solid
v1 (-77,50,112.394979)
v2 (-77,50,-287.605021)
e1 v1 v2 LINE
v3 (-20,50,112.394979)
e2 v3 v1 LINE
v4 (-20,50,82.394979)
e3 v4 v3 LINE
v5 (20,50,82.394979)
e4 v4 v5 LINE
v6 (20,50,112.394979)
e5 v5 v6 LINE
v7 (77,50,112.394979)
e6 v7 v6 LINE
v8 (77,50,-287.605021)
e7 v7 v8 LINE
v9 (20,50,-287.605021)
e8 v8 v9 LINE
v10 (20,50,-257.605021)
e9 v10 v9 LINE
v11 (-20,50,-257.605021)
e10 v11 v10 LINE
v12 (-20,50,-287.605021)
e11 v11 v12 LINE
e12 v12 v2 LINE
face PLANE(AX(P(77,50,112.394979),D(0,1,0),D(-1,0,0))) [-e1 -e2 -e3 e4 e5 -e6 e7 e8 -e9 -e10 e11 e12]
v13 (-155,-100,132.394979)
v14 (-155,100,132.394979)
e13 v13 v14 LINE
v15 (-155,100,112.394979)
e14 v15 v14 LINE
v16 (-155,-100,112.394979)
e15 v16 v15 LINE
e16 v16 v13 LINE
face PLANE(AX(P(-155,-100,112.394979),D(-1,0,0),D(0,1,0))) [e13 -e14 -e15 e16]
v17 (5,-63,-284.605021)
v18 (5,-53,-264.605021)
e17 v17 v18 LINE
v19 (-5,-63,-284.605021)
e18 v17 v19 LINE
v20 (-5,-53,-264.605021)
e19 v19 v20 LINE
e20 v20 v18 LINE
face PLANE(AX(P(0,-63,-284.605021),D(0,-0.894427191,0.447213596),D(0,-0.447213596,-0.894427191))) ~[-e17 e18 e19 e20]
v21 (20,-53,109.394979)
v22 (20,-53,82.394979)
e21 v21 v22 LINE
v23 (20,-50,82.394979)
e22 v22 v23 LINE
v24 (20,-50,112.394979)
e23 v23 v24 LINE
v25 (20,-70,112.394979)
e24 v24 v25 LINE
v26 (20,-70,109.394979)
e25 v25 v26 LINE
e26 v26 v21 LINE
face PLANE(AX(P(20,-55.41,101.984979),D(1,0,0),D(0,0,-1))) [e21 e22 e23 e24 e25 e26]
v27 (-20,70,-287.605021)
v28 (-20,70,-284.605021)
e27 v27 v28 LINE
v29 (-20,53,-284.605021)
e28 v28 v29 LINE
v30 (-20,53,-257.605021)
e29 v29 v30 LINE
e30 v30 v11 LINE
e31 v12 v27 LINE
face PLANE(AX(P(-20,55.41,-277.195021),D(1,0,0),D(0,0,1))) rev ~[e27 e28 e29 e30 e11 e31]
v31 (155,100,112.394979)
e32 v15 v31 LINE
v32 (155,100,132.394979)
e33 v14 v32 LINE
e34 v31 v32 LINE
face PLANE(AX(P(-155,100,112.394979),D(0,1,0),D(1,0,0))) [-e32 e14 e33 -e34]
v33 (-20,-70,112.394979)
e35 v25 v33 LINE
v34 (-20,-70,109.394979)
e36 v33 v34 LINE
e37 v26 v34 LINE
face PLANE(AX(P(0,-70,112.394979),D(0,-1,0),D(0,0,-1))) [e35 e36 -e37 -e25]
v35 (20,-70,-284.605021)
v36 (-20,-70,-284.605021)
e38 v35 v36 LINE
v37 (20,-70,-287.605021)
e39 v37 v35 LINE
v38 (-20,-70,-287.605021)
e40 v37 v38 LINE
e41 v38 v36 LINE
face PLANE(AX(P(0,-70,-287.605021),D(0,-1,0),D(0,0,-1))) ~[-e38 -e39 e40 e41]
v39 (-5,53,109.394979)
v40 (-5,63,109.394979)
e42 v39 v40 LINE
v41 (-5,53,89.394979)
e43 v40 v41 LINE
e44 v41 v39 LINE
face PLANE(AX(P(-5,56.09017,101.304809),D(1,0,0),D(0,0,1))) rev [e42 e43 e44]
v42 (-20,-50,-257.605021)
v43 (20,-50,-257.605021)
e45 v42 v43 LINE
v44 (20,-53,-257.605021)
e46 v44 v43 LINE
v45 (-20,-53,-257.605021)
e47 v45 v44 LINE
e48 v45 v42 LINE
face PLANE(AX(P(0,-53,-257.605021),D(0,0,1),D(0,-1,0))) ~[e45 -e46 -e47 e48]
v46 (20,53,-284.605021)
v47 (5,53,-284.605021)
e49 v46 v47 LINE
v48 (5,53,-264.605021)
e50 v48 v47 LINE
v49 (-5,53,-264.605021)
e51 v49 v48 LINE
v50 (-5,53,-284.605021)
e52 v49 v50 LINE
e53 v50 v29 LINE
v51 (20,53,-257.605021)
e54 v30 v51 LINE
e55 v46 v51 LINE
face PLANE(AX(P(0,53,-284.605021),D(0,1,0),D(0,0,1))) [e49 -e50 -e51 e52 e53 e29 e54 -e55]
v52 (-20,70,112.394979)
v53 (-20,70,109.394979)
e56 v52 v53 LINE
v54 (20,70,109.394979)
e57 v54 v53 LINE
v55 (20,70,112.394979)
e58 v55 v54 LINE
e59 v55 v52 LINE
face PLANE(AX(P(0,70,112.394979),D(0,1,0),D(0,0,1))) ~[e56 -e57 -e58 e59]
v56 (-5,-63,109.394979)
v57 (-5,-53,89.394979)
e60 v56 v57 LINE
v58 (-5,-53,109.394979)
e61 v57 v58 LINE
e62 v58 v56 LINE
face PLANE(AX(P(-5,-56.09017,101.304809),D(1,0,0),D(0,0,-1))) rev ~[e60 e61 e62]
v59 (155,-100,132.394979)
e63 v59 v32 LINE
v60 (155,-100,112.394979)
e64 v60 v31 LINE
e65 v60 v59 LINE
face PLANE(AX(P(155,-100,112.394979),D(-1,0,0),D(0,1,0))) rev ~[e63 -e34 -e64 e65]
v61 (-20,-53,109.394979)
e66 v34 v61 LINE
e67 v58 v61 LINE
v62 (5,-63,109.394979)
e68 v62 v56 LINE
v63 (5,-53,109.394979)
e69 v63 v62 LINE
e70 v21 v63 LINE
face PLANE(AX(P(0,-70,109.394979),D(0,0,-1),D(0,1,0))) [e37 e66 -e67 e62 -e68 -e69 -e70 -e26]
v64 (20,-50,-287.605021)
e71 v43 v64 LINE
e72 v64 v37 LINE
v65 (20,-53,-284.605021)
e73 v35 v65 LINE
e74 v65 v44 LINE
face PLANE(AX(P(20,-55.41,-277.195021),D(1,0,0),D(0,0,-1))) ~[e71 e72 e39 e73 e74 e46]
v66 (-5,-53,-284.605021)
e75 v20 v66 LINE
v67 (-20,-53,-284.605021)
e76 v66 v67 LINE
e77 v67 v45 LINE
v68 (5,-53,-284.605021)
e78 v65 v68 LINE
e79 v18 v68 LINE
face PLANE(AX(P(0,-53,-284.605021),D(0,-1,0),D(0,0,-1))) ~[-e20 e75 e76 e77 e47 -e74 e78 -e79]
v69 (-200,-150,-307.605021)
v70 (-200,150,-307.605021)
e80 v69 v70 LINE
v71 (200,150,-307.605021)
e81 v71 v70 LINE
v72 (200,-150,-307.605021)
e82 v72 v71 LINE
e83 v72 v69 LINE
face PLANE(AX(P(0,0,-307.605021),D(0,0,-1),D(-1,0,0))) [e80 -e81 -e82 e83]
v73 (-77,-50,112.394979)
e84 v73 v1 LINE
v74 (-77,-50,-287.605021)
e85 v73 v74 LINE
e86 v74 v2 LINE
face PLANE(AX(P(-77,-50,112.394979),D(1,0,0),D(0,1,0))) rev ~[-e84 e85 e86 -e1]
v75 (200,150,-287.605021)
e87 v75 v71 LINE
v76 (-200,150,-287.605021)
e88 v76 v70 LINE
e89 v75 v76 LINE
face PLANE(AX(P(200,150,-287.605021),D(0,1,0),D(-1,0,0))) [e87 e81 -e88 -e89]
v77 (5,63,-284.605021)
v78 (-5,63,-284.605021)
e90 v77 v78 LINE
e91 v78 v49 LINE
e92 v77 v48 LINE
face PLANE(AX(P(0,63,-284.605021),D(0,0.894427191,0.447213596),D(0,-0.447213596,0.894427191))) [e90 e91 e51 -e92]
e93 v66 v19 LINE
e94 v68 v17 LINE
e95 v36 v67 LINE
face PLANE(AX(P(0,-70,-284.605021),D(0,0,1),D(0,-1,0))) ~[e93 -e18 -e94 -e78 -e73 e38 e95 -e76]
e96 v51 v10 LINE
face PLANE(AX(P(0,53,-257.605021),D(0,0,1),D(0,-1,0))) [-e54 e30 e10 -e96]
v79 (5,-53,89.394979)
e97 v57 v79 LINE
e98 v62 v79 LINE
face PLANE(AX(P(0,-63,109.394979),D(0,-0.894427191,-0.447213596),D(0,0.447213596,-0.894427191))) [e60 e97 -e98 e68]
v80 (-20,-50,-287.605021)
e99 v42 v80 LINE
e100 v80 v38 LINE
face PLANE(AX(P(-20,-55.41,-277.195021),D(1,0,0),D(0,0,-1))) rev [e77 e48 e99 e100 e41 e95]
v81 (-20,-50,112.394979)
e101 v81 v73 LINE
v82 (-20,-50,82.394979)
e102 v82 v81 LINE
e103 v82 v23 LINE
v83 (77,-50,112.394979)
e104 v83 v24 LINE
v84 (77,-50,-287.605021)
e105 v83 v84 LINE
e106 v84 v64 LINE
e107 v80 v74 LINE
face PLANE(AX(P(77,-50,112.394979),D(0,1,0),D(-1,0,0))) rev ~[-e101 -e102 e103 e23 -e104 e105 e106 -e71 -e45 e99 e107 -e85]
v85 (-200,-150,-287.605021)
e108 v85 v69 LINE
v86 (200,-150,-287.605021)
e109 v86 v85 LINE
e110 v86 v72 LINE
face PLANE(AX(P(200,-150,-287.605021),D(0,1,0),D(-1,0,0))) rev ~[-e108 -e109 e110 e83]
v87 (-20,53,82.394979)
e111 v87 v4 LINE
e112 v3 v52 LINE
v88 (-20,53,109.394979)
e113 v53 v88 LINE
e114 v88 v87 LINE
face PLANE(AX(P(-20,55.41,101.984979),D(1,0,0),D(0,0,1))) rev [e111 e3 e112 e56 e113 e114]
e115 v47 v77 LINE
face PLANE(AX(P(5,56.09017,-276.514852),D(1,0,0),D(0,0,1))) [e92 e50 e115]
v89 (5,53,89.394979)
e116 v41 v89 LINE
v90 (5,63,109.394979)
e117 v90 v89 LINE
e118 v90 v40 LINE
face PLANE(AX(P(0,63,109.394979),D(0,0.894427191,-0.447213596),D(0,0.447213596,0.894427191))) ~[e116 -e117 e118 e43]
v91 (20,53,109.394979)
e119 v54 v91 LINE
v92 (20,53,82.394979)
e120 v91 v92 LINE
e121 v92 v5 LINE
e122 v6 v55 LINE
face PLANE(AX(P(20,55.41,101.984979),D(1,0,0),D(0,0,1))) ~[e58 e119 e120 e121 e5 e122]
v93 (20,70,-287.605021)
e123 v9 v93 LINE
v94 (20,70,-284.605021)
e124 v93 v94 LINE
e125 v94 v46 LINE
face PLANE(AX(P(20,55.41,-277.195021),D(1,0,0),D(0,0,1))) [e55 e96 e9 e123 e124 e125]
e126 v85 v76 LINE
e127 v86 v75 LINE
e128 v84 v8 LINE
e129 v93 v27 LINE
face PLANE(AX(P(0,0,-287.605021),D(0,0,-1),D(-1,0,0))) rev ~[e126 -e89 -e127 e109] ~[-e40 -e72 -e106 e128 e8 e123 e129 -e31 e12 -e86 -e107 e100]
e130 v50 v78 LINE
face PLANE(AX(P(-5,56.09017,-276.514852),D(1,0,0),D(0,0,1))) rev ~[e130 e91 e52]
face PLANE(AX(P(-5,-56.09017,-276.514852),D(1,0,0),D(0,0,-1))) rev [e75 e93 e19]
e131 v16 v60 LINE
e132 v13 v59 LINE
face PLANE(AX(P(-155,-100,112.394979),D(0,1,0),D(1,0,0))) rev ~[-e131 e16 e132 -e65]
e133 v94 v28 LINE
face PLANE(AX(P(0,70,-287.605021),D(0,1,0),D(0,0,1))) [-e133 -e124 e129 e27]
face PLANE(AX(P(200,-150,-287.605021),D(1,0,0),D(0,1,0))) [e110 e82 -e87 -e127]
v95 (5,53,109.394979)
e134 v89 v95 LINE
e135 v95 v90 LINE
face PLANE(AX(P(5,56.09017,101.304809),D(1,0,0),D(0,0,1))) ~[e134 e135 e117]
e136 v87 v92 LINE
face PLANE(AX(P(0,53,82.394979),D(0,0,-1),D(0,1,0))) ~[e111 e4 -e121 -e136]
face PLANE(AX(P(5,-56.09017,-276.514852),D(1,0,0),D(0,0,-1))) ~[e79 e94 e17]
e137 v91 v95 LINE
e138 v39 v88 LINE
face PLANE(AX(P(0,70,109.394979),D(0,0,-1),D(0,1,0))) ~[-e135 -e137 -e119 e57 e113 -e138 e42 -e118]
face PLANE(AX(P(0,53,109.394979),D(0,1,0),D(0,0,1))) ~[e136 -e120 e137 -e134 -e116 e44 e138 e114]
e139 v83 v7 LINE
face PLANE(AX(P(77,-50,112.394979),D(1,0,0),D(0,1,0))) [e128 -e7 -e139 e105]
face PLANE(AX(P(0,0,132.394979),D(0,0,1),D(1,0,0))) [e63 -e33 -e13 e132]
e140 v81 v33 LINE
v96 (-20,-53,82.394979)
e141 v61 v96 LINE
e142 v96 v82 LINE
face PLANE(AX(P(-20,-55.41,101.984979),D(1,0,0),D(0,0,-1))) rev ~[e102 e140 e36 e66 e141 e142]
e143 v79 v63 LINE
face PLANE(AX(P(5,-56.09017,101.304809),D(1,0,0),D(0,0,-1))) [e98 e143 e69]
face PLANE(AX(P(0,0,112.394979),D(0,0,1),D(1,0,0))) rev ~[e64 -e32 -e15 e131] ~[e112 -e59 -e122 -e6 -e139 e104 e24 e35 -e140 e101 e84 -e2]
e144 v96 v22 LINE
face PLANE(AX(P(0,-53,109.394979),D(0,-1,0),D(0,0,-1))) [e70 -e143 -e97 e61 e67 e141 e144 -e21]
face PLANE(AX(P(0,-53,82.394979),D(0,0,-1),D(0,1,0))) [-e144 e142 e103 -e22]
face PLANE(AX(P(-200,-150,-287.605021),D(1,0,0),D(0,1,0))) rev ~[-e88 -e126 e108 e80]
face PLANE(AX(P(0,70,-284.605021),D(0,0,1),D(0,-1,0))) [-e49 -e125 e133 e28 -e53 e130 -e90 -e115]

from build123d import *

# Parameters (mm, degrees)
SKETCH1_W            = 155
SKETCH1_H            = 100
BOSS_EXTRUDE1_DEPTH  = 10
SKETCH5_W            = 77
SKETCH5_H            = 50
BOSS_EXTRUDE5_DEPTH  = 200
SKETCH6_W            = 200
SKETCH6_H            = 150
BOSS_EXTRUDE12_DEPTH = 10
BOSS_EXTRUDE13_DEPTH = 10
BOSS_EXTRUDE14_DEPTH = 2.5
MIRROR2_COPY_1_DEPTH = 10
MIRROR2_COPY_2_DEPTH = 2.5
SCALE3_SCALE         = 2


with BuildPart() as part:
    # Sketch1 → Boss-Extrude1 (new body)
    with BuildSketch(Plane.XY):
        Rectangle(SKETCH1_W, SKETCH1_H)
    extrude(amount=BOSS_EXTRUDE1_DEPTH)

    # Sketch5 → Boss-Extrude5 (add)
    with BuildSketch(Plane(origin=(0, 0, 0), x_dir=(-1, 0, 0), z_dir=(0, 0, -1))):
        Rectangle(SKETCH5_W, SKETCH5_H)
    extrude(amount=BOSS_EXTRUDE5_DEPTH)

    # Sketch6 → Boss-Extrude12 (add)
    with BuildSketch(Plane(origin=(0, 0, -200), x_dir=(-1, 0, 0), z_dir=(0, 0, -1))):
        Rectangle(SKETCH6_W, SKETCH6_H)
    extrude(amount=BOSS_EXTRUDE12_DEPTH)

    # Sketch7 → Boss-Extrude13 (add, symmetric)
    with BuildSketch(Plane(origin=(0, 0, 0), x_dir=(0, 0, -1), z_dir=(1, 0, 0))):
        Polygon((15, -26.5), (15, -25), (0, -25), (0, -35), (1.5, -35), (1.5, -31.5), (1.5, -26.5), (11.5, -26.5), align=None)
    boss_extrude13 = extrude(amount=BOSS_EXTRUDE13_DEPTH, both=True)

    # Sketch7<3> → Boss-Extrude14 (add, symmetric)
    with BuildSketch(Plane(origin=(0, 0, 0), x_dir=(0, 0, -1), z_dir=(1, 0, 0))):
        Polygon((1.5, -31.5), (11.5, -26.5), (1.5, -26.5), align=None)
    boss_extrude14 = extrude(amount=BOSS_EXTRUDE14_DEPTH, both=True)

    # Mirror1: Boss-Extrude13, Boss-Extrude14 across plane
    add(boss_extrude13.mirror(Plane.ZX))
    add(boss_extrude14.mirror(Plane.ZX))

    # Mirror2: Boss-Extrude13, Boss-Extrude14 across plane
    add(boss_extrude13.mirror(Plane(origin=(0, 0, -100), x_dir=(1, 0, 0), z_dir=(0, 0, -1))))
    add(boss_extrude14.mirror(Plane(origin=(0, 0, -100), x_dir=(1, 0, 0), z_dir=(0, 0, -1))))

    # Mirror2 copy 1 sketch → Mirror2 copy 1 (add, symmetric)
    with BuildSketch(Plane(origin=(0, 0, -200), x_dir=(0, 0, 1), z_dir=(1, 0, 0))):
        Polygon((15, -26.5), (15, -25), (0, -25), (0, -35), (1.5, -35), (1.5, -31.5), (1.5, -26.5), (11.5, -26.5), align=None)
    extrude(amount=MIRROR2_COPY_1_DEPTH, both=True)

    # Mirror2 copy 2 sketch → Mirror2 copy 2 (add, symmetric)
    with BuildSketch(Plane(origin=(0, 0, -200), x_dir=(0, 0, 1), z_dir=(1, 0, 0))):
        Polygon((1.5, -31.5), (11.5, -26.5), (1.5, -26.5), align=None)
    extrude(amount=MIRROR2_COPY_2_DEPTH, both=True)


with BuildPart() as part_1:
    # Scale3: scaled about (0, 0, -112.394978507)
    add(part.part.scale(SCALE3_SCALE).moved(Location((0, 0, 112.394978507))))


solid = part_1.part
